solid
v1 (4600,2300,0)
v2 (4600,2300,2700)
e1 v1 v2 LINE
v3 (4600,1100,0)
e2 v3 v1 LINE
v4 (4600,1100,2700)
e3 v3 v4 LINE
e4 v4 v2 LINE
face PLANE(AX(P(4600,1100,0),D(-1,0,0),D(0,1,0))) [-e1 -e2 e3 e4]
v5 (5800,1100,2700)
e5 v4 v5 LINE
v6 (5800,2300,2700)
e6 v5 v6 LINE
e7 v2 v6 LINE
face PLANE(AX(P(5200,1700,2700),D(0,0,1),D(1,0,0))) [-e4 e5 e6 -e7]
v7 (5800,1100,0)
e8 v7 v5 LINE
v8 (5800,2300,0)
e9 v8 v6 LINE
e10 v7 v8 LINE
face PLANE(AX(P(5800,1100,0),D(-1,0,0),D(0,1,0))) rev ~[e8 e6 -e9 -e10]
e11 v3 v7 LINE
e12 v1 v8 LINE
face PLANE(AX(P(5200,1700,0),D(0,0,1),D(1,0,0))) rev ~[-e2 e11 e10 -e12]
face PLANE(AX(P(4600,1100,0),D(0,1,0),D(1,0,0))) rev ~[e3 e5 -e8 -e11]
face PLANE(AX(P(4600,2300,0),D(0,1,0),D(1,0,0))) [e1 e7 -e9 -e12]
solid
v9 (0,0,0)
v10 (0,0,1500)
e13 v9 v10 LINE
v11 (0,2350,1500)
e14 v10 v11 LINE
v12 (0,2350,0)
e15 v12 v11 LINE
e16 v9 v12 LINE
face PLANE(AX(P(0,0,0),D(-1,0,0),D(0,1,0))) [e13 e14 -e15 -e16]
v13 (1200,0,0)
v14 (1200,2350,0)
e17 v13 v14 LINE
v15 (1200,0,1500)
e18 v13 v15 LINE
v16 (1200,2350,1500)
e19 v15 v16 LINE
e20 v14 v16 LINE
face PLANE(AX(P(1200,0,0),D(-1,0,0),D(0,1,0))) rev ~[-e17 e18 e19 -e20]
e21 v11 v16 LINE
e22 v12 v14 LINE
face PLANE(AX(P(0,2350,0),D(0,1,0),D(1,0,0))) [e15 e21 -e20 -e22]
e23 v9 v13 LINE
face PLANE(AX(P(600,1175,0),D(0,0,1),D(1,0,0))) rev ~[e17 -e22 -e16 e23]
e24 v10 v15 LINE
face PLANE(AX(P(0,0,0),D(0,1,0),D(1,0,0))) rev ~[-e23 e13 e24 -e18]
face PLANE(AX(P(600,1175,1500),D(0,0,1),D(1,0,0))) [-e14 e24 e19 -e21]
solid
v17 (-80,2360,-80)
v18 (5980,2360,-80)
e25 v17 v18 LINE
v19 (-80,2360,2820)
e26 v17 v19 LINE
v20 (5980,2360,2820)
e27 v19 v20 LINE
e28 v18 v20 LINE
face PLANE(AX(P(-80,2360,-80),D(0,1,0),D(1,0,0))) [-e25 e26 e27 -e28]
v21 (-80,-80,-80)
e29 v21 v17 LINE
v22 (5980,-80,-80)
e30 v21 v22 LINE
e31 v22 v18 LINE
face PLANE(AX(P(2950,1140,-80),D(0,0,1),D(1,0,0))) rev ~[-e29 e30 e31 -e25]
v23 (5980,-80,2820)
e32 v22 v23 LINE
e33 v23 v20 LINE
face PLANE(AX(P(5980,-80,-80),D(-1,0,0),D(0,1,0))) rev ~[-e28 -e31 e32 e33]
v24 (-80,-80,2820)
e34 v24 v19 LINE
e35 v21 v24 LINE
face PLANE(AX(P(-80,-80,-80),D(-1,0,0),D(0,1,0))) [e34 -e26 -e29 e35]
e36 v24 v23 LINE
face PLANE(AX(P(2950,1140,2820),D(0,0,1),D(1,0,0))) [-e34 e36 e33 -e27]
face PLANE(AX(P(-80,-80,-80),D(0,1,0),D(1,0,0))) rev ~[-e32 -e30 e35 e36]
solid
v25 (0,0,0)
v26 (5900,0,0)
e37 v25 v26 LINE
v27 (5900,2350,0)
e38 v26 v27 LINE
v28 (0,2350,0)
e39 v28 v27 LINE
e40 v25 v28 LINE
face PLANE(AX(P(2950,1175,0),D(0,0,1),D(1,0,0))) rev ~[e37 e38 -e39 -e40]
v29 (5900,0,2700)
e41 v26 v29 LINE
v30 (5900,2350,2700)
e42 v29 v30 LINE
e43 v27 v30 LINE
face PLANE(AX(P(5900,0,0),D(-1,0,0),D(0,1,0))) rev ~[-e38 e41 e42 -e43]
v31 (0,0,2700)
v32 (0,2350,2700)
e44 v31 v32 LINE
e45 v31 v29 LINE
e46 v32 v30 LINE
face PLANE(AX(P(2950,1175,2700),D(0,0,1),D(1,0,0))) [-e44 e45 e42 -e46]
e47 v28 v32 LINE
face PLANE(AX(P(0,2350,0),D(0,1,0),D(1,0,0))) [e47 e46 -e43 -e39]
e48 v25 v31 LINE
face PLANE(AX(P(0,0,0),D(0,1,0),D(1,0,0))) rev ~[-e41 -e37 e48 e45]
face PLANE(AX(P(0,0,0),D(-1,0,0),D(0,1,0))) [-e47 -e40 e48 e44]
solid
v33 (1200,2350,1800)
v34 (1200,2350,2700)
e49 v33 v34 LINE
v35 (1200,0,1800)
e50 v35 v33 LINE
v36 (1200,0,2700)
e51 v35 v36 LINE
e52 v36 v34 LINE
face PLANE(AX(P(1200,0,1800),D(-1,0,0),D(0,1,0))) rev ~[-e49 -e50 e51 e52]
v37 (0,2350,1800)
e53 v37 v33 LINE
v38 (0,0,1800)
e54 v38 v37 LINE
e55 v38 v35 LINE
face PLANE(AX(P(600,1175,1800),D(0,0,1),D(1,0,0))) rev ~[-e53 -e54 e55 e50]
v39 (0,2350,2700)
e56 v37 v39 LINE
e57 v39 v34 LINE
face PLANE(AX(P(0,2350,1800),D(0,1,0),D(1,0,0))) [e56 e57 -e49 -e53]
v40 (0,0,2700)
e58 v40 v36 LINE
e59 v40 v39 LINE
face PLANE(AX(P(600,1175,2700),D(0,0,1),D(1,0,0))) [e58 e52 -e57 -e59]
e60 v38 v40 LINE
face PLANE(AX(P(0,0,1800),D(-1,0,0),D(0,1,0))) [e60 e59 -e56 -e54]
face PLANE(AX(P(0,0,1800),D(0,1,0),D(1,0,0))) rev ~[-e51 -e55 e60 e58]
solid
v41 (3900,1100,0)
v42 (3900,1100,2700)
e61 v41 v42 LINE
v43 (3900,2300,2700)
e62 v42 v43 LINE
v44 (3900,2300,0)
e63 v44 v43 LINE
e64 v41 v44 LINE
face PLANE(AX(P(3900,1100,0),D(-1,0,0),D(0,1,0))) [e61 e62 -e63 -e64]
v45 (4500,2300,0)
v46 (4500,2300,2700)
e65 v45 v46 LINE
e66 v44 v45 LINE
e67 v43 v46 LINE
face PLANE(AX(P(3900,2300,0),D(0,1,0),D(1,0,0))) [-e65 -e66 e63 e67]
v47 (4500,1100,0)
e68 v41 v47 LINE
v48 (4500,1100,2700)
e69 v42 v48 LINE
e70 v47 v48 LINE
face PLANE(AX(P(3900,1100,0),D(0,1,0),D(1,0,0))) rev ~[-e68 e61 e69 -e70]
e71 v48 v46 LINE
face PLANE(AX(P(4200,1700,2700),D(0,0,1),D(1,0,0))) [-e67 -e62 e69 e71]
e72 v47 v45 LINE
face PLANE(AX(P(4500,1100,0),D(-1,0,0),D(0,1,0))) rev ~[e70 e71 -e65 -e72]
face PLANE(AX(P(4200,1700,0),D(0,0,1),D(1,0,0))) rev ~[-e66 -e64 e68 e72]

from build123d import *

# Parameters (mm, degrees)
BOX_W        = 6060
BOX_H        = 2440
BOX_DEPTH    = 2900
BOX001_W     = 5900
BOX001_H     = 2350
BOX001_DEPTH = 2700
BOX002_W     = 1200
BOX002_H     = 2350
BOX002_DEPTH = 900
BOX003_W     = 1200
BOX003_H     = 2350
BOX003_DEPTH = 1500
BOX004_W     = 600
BOX004_H     = 1200
BOX004_DEPTH = 2700
BOX005_W     = 1200
BOX005_H     = 1200
BOX005_DEPTH = 2700


with BuildPart() as ref_20_hc_outer:
    # Box → Box (new body)
    with BuildSketch(Plane(origin=(-80, -80, -80), x_dir=(1, 0, 0), z_dir=(0, 0, 1))):
        with Locations((3030, 1220)):
            Rectangle(BOX_W, BOX_H)
    extrude(amount=BOX_DEPTH)


with BuildPart() as ref_20_fc_inner:
    # Box001 → Box001 (new body)
    with BuildSketch(Plane.XY):
        with Locations((2950, 1175)):
            Rectangle(BOX001_W, BOX001_H)
    extrude(amount=BOX001_DEPTH)


with BuildPart() as bed:
    # Box002 → Box002 (new body)
    with BuildSketch(Plane.XY.offset(1800)):
        with Locations((600, 1175)):
            Rectangle(BOX002_W, BOX002_H)
    extrude(amount=BOX002_DEPTH)


with BuildPart() as desk:
    # Box003 → Box003 (new body)
    with BuildSketch(Plane.XY):
        with Locations((600, 1175)):
            Rectangle(BOX003_W, BOX003_H)
    extrude(amount=BOX003_DEPTH)


with BuildPart() as kichenette:
    # Box004 → Box004 (new body)
    with BuildSketch(Plane(origin=(3900, 1100, 0), x_dir=(1, 0, 0), z_dir=(0, 0, 1))):
        with Locations((300, 600)):
            Rectangle(BOX004_W, BOX004_H)
    extrude(amount=BOX004_DEPTH)


with BuildPart() as bathroom:
    # Box005 → Box005 (new body)
    with BuildSketch(Plane(origin=(4600, 1100, 0), x_dir=(1, 0, 0), z_dir=(0, 0, 1))):
        with Locations((600, 600)):
            Rectangle(BOX005_W, BOX005_H)
    extrude(amount=BOX005_DEPTH)


solid = Compound([ref_20_hc_outer.part, ref_20_fc_inner.part, bed.part, desk.part, kichenette.part, bathroom.part])
